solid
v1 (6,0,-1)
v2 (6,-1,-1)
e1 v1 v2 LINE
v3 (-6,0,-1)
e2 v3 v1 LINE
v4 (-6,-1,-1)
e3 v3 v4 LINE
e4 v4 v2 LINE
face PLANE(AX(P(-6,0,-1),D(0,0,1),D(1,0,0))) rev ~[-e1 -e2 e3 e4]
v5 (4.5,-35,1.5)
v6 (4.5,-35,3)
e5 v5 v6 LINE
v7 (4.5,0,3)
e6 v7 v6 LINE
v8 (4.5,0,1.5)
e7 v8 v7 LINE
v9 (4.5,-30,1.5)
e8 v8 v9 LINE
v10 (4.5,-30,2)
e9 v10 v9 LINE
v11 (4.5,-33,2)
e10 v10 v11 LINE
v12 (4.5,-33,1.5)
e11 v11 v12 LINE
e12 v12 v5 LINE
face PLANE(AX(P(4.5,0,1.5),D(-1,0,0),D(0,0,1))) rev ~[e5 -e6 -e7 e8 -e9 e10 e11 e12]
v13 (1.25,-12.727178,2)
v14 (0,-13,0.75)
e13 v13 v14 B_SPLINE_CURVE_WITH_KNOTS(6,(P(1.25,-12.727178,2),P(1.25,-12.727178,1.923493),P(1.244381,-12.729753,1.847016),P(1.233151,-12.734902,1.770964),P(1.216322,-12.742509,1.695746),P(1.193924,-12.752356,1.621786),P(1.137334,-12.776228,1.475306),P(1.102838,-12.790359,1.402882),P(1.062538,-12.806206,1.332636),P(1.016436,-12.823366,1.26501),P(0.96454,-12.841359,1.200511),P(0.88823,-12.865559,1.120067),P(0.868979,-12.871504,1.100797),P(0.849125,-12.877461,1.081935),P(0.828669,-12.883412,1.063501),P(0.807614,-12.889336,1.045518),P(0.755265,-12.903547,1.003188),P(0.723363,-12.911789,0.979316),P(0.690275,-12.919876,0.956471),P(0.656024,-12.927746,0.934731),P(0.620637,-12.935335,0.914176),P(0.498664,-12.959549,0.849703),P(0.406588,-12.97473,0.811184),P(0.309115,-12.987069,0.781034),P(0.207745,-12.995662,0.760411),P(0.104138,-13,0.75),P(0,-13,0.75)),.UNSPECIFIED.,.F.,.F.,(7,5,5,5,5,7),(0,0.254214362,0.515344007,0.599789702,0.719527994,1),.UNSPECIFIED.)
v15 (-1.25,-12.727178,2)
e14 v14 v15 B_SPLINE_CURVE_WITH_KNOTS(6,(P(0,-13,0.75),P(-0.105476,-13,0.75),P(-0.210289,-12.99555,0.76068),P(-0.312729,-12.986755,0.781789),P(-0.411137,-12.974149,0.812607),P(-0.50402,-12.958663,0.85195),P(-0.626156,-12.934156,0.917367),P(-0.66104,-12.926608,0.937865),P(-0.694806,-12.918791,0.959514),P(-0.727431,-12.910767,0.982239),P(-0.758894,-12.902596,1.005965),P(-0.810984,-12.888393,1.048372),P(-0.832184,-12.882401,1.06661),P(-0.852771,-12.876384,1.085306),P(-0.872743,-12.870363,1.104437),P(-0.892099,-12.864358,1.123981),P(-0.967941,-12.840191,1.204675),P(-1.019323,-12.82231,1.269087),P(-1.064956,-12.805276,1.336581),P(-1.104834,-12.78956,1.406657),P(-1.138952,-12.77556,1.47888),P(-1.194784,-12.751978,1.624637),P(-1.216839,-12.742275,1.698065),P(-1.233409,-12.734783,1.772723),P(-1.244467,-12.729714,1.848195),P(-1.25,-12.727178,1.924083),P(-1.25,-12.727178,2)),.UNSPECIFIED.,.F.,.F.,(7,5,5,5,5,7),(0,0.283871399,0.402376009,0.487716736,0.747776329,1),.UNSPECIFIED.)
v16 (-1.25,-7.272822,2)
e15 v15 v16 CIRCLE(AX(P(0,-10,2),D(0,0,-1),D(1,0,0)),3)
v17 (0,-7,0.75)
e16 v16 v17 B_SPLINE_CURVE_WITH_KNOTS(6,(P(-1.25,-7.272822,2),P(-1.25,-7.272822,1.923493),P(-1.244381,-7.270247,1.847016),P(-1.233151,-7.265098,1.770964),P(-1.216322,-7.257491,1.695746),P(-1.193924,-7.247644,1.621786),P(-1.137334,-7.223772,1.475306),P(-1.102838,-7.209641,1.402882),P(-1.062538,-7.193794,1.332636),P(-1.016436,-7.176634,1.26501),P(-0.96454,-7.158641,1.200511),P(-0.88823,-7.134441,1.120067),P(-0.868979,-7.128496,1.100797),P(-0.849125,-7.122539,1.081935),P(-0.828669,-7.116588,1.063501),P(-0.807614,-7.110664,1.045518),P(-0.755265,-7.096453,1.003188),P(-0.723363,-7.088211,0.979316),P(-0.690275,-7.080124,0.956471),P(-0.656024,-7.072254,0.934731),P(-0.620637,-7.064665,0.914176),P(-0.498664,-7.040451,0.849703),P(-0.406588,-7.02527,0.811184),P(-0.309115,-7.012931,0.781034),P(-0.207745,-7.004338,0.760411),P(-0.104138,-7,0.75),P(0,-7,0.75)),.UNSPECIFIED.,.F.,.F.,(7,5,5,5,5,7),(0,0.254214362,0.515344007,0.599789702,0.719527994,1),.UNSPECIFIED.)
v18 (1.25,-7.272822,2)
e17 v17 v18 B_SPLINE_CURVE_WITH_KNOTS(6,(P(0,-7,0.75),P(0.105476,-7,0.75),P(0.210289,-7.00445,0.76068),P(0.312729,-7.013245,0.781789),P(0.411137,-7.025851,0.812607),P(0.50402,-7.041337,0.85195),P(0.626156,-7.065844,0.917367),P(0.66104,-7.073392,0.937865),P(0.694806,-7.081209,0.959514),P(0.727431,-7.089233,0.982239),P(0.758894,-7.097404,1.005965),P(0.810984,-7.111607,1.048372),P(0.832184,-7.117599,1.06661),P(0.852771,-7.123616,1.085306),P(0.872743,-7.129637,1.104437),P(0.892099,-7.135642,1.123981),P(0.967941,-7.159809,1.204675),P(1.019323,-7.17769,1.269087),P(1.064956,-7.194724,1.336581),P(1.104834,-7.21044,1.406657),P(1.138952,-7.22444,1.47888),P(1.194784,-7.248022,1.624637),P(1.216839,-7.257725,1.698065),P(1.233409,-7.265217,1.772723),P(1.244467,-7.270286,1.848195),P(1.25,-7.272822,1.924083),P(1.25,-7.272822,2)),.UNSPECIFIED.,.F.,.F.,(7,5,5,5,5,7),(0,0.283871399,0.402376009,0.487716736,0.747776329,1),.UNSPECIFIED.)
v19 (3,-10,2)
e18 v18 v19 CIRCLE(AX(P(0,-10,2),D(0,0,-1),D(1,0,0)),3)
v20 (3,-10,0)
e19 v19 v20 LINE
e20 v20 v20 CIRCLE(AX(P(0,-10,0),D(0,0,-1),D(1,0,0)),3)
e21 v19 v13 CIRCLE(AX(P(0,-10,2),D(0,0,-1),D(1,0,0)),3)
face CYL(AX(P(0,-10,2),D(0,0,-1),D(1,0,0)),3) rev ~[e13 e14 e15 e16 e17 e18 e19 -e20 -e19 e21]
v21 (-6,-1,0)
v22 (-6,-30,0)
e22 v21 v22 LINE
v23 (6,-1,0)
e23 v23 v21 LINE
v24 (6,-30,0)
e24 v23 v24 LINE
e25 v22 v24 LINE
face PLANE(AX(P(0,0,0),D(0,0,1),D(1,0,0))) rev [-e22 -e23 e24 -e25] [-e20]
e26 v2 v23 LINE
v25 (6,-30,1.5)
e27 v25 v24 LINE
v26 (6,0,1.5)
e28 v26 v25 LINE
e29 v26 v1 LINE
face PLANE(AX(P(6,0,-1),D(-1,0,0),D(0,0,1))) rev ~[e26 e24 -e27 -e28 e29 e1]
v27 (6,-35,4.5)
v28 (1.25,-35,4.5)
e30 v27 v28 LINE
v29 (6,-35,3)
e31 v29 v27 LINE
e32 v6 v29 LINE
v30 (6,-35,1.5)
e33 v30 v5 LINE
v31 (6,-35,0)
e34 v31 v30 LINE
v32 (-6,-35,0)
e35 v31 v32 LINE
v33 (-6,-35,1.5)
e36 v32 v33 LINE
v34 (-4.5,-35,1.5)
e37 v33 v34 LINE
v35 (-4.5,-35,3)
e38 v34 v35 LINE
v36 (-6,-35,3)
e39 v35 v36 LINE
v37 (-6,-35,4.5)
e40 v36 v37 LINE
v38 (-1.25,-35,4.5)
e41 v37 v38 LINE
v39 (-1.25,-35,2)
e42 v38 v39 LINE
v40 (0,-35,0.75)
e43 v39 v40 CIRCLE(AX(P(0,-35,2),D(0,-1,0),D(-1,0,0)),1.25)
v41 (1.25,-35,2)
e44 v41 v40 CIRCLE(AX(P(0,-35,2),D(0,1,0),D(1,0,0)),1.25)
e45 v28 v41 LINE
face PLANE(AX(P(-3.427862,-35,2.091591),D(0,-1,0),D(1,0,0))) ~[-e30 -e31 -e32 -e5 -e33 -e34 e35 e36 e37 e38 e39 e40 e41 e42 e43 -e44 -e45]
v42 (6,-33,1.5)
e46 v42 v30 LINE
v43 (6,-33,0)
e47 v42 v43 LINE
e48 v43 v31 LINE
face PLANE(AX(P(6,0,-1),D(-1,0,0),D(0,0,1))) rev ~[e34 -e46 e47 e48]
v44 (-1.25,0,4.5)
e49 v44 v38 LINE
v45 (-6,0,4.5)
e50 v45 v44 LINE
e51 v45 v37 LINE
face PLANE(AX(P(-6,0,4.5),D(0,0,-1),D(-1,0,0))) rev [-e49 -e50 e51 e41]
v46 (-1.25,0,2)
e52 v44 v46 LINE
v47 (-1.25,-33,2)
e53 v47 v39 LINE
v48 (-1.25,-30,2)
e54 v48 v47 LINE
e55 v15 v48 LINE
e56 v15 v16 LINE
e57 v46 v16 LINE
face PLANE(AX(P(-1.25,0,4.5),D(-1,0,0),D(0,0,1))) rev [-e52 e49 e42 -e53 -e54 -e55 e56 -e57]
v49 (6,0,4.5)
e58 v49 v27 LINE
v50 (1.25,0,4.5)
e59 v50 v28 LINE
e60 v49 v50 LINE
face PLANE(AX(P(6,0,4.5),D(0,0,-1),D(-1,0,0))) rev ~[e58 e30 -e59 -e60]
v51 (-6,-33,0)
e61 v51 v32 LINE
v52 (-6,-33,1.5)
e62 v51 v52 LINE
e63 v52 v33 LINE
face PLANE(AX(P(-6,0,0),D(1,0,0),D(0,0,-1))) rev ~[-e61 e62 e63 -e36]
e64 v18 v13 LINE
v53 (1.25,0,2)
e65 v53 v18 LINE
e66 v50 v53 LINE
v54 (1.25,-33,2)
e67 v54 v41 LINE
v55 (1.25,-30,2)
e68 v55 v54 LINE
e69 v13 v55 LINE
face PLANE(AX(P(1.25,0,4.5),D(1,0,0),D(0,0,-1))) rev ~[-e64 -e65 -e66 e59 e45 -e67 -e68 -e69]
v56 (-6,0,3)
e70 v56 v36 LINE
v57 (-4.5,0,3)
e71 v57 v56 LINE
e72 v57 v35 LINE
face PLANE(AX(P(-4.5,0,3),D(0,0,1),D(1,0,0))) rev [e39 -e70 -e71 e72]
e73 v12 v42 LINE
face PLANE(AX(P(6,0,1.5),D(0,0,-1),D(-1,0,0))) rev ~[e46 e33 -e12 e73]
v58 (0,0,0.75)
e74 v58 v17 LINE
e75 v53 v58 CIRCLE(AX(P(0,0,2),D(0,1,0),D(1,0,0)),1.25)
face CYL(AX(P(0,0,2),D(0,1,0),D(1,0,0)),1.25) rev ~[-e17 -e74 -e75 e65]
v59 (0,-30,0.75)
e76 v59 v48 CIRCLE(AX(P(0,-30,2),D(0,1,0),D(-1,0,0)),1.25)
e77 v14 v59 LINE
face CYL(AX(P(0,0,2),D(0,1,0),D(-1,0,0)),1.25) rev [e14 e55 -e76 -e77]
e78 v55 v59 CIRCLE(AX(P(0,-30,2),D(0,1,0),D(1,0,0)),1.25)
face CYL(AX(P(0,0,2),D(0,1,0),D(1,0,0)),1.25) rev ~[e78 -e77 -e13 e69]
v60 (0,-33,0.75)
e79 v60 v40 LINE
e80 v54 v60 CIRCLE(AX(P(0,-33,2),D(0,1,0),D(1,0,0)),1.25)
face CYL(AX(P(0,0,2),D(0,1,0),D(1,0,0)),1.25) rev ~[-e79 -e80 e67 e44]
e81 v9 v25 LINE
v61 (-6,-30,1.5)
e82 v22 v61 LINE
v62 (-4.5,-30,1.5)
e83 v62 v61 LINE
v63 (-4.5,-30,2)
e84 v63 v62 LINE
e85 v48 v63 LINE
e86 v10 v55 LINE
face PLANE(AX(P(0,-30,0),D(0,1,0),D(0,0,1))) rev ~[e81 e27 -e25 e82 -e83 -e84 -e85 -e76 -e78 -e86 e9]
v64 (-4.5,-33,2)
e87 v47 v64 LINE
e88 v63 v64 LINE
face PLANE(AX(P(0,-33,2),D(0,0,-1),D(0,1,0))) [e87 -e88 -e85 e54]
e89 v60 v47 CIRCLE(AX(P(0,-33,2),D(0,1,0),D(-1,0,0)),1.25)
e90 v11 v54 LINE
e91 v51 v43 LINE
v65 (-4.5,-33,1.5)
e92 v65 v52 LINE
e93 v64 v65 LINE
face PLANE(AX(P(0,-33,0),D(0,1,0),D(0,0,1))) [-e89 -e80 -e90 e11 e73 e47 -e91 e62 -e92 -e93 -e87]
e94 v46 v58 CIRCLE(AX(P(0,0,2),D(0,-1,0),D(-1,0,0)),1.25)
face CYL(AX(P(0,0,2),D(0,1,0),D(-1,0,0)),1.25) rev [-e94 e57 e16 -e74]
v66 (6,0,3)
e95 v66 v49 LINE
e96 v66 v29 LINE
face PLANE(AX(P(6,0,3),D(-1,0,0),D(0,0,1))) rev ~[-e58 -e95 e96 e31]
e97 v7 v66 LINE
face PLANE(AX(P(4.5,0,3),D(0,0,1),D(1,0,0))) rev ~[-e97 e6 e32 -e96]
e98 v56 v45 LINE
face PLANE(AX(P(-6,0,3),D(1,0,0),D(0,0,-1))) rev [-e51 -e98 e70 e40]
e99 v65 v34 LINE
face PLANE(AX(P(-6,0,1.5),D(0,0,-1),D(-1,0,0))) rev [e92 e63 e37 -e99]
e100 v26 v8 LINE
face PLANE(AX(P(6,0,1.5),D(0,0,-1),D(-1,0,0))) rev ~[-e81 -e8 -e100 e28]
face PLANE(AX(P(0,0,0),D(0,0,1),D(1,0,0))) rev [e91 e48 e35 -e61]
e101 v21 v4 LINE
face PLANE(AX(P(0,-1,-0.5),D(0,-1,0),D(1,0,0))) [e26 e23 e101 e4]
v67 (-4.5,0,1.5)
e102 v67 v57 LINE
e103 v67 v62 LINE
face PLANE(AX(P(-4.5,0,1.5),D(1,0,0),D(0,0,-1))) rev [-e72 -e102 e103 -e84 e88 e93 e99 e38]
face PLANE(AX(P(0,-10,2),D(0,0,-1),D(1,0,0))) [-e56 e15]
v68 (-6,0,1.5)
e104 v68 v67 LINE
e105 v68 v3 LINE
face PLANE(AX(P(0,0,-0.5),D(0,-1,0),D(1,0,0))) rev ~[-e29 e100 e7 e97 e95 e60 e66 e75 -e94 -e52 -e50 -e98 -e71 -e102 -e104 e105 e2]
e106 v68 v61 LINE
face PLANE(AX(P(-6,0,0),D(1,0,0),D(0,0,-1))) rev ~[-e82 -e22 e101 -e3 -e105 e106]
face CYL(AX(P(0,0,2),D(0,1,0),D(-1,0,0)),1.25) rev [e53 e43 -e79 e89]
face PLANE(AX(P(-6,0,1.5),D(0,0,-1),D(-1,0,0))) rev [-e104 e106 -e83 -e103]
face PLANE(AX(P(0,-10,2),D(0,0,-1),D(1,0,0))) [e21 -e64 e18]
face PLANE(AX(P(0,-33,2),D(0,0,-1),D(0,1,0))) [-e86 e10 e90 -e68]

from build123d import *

# Parameters (mm, degrees)
F1_DEPTH       = 35
F3_DEPTH       = 1
F4_W           = 3
F4_H           = 2
F5_DEPTH       = 25
F7_D           = 2.5
F7_CBORE_D     = 6
F7_CBORE_DEPTH = 2


with BuildPart() as f1:
    # F0 (on Front) → F1 (new body)
    with BuildSketch(Plane.XZ):
        with BuildLine():
            Line((0, 0.75), (0, 0))
            Line((0, 0), (6, 0))
            Line((6, 0), (6, 1.5))
            Line((6, 1.5), (4.5, 1.5))
            Line((4.5, 1.5), (4.5, 3))
            Line((4.5, 3), (6, 3))
            Line((6, 3), (6, 4.5))
            Line((6, 4.5), (1.25, 4.5))
            Line((1.25, 4.5), (1.25, 2))
            ThreePointArc((1.25, 2), (0.8838834765, 1.1161165235), (0, 0.75))
        make_face()
    extrude(amount=F1_DEPTH)

    # F2: F1 across plane


with BuildPart() as f1_1:
    add(f1.part)
    add(f1.part.mirror(Plane.YZ))

    # F0 (on Front) → F3 (join)
    with BuildSketch(Plane.XZ):
        Polygon((6, 0), (0, 0), (-6, 0), (-6, -1), (6, -1), align=None)
    extrude(amount=F3_DEPTH)

    # F4 (on Right) → F5 (cut, symmetric)
    with BuildSketch(Plane.YZ):
        with Locations((-31.5, 1)):
            Rectangle(F4_W, F4_H)
    extrude(amount=F5_DEPTH, both=True, mode=Mode.SUBTRACT)

    # F7 (through all)
    with Locations(Plane(origin=(0, 0, 0), x_dir=(1, 0, 0), z_dir=(0, 0, -1))):
        with Locations((0, 10)):
            CounterBoreHole(F7_D / 2, F7_CBORE_D / 2, F7_CBORE_DEPTH)


solid = f1_1.part
